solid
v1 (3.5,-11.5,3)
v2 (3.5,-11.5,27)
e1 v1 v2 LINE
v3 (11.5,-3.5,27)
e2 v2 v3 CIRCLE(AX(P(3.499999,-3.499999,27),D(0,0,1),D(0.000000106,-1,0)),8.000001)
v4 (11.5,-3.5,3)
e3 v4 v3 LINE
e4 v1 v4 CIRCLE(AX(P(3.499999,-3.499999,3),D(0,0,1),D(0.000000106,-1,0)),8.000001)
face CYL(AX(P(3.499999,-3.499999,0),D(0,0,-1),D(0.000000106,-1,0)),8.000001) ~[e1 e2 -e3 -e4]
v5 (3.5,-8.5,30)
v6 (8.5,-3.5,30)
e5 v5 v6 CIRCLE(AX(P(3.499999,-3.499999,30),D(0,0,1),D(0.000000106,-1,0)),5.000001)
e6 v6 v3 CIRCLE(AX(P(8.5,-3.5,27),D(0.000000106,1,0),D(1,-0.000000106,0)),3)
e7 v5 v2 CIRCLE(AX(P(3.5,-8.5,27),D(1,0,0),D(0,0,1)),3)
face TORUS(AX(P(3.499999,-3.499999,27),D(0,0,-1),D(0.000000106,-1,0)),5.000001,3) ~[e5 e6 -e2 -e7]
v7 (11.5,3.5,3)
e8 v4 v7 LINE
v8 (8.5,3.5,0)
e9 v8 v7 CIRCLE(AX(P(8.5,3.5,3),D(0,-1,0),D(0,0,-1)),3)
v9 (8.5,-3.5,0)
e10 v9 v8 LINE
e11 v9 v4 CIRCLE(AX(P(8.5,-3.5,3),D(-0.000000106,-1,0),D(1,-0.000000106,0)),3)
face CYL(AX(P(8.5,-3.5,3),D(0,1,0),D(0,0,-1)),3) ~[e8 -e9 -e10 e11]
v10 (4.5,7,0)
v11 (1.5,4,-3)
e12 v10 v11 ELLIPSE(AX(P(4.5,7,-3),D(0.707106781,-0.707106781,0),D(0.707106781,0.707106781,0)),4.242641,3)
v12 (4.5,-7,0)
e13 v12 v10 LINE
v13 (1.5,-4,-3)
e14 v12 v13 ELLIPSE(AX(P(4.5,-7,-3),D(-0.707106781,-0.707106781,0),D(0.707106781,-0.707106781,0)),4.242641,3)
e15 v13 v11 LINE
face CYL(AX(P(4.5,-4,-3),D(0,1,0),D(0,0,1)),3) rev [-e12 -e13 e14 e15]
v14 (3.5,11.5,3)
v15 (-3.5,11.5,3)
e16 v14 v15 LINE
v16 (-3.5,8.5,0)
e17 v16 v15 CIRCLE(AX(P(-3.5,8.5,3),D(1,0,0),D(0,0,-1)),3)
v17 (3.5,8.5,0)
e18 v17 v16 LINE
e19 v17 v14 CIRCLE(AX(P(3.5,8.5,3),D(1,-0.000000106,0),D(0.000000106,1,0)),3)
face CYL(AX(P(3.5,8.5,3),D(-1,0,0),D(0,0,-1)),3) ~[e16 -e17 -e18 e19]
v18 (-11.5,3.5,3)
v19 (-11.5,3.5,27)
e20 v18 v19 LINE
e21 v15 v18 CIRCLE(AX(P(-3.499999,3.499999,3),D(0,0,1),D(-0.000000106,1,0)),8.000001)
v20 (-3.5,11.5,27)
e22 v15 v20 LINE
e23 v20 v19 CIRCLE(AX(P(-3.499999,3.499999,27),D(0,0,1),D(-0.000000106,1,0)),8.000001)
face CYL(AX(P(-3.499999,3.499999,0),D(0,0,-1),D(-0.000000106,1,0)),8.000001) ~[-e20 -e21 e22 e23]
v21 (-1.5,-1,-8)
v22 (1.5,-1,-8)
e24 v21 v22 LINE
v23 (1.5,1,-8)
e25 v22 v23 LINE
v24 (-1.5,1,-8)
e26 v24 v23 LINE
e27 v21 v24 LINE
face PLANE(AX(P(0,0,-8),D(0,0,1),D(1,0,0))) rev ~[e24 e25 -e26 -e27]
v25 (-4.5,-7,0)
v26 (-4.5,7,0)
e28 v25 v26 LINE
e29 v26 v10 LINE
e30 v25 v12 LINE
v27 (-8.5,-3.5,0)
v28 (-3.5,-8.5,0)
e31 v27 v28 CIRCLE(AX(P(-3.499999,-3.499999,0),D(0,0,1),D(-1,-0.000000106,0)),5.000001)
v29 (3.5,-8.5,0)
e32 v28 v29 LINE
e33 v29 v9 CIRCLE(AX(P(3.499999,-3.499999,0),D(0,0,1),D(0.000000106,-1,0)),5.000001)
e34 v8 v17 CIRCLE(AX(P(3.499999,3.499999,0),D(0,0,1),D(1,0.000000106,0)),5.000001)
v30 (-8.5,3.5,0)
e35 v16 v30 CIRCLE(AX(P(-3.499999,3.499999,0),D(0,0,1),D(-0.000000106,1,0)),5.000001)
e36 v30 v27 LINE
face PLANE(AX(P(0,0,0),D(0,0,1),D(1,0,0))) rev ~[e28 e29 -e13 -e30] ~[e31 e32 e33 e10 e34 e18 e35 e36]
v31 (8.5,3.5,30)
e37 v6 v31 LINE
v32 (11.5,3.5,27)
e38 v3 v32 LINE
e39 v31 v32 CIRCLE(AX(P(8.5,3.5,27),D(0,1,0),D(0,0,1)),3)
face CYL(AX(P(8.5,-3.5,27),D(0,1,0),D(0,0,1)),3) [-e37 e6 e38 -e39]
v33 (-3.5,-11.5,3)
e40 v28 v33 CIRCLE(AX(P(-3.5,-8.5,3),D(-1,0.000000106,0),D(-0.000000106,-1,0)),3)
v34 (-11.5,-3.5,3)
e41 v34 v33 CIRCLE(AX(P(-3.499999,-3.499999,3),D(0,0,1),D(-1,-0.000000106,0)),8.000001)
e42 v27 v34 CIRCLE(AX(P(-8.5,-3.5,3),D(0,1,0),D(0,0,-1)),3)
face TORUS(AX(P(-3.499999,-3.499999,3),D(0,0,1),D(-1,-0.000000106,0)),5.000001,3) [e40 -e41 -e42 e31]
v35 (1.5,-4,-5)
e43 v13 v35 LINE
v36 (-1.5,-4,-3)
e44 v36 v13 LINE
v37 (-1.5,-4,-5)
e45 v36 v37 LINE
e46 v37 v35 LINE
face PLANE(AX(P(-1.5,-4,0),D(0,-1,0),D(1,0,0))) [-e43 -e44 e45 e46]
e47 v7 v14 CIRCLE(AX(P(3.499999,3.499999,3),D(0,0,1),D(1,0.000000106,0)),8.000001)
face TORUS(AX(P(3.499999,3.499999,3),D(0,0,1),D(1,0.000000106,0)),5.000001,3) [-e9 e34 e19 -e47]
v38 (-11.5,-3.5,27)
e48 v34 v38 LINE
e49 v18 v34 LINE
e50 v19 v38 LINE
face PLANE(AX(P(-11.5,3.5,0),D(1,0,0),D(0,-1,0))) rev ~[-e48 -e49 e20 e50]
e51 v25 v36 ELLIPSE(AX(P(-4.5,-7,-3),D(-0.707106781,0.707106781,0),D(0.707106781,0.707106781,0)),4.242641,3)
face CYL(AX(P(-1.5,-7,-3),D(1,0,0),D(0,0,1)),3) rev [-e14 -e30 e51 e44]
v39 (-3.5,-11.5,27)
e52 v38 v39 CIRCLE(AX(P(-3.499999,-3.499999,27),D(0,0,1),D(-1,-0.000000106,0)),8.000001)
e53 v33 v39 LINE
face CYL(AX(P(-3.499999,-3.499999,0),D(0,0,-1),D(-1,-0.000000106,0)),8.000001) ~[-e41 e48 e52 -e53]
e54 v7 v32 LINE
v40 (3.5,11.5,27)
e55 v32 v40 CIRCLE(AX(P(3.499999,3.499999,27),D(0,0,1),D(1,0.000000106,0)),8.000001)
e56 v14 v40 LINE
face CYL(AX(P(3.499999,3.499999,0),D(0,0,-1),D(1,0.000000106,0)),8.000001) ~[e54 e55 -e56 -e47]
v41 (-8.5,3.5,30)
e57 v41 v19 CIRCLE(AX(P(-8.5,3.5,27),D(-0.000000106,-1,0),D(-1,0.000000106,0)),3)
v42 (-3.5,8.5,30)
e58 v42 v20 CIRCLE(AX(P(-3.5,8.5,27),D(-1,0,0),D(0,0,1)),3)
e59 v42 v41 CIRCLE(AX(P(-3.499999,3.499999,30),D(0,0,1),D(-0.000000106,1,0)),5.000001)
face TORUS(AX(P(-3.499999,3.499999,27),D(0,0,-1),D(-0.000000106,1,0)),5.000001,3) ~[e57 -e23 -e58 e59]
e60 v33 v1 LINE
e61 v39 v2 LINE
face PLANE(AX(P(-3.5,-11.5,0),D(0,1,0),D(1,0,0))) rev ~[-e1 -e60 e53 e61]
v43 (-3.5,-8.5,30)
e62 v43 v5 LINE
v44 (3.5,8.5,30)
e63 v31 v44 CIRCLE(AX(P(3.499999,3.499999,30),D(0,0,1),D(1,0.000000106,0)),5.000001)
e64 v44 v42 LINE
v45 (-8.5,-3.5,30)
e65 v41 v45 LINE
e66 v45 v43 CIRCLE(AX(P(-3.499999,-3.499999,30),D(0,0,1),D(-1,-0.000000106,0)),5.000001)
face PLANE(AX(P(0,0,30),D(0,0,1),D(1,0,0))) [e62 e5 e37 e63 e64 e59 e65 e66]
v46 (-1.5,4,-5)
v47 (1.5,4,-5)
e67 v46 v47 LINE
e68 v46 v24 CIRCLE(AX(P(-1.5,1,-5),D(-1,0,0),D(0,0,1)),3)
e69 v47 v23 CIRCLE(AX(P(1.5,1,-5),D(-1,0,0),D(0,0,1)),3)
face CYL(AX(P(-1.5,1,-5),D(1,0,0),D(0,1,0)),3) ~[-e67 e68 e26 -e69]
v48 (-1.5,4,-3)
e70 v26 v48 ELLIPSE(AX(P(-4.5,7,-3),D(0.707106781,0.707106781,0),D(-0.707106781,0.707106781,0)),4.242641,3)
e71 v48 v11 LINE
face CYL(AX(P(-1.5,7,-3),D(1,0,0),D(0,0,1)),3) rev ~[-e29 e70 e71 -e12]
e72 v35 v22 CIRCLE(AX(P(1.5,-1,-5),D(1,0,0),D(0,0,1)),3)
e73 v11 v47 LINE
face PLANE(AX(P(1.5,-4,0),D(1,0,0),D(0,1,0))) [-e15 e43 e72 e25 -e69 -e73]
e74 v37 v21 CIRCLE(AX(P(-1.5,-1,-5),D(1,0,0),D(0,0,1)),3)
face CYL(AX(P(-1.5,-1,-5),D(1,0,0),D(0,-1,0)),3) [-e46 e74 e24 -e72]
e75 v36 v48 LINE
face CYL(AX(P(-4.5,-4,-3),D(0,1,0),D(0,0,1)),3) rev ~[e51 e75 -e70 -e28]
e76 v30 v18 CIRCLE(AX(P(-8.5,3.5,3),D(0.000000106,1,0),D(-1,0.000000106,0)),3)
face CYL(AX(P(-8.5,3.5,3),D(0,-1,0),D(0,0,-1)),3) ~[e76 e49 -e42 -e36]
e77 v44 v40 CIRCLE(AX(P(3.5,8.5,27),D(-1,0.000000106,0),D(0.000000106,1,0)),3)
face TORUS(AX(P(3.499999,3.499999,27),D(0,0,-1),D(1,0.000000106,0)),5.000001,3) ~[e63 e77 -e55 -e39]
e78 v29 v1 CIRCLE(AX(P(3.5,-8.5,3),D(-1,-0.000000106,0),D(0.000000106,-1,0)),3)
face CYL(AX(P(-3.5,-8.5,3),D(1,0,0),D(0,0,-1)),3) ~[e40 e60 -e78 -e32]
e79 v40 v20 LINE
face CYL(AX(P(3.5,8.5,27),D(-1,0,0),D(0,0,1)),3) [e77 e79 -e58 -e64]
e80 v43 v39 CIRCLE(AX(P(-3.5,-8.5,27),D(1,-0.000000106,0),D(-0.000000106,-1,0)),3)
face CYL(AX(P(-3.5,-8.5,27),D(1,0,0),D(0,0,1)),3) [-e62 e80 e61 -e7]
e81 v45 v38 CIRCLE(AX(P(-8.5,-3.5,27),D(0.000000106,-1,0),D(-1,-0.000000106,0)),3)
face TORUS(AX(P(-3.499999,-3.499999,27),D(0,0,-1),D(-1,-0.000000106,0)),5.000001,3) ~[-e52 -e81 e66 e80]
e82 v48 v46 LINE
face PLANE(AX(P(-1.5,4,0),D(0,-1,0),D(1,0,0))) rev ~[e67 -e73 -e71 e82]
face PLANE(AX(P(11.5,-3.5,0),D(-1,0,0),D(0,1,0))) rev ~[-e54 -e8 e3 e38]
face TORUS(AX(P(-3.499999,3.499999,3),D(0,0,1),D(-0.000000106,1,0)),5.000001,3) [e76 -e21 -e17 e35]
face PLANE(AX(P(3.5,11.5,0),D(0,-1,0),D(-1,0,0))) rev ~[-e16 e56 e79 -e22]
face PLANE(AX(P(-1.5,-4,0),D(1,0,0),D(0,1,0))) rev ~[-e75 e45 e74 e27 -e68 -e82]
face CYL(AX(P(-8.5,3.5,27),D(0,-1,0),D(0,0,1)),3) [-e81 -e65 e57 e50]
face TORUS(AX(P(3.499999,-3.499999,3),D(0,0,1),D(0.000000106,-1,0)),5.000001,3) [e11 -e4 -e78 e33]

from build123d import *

# Parameters (mm, degrees)
F1_DEPTH = 30
F2_W     = 3
F2_H     = 8
F3_DEPTH = 8
F4_R     = 3


with BuildPart() as f1:
    # F0 (on Top) → F1 (new body)
    with BuildSketch(Plane.XY):
        with BuildLine():
            ThreePointArc((11.5, 3.5), (9.156854, 9.156854), (3.5, 11.5))
            Line((3.5, 11.5), (-3.5, 11.5))
            ThreePointArc((-3.5, 11.5), (-9.156854, 9.156854), (-11.5, 3.5))
            Line((-11.5, 3.5), (-11.5, -3.5))
            ThreePointArc((-11.5, -3.5), (-9.156854, -9.156854), (-3.5, -11.5))
            Line((-3.5, -11.5), (3.5, -11.5))
            ThreePointArc((3.5, -11.5), (9.156854, -9.156854), (11.5, -3.5))
            Line((11.5, -3.5), (11.5, 3.5))
        make_face()
    extrude(amount=F1_DEPTH)

    # F2 (on Top) → F3 (join)
    with BuildSketch(Plane.XY):
        Rectangle(F2_W, F2_H)
    extrude(amount=-F3_DEPTH)

    # F4
    f4_edges = [f1.edges().sort_by_distance(p)[0] for p in [
        (-9.156854, -9.156854, 30),
        (9.156854, -9.156854, 0),
        (-1.5, 0, 0),
        (0, -4, 0),
        (1.5, 0, 0),
        (0, 4, 0),
        (0, 4, -8),
        (0, -4, -8),
    ]]
    fillet(f4_edges, radius=F4_R)


solid = f1.part
